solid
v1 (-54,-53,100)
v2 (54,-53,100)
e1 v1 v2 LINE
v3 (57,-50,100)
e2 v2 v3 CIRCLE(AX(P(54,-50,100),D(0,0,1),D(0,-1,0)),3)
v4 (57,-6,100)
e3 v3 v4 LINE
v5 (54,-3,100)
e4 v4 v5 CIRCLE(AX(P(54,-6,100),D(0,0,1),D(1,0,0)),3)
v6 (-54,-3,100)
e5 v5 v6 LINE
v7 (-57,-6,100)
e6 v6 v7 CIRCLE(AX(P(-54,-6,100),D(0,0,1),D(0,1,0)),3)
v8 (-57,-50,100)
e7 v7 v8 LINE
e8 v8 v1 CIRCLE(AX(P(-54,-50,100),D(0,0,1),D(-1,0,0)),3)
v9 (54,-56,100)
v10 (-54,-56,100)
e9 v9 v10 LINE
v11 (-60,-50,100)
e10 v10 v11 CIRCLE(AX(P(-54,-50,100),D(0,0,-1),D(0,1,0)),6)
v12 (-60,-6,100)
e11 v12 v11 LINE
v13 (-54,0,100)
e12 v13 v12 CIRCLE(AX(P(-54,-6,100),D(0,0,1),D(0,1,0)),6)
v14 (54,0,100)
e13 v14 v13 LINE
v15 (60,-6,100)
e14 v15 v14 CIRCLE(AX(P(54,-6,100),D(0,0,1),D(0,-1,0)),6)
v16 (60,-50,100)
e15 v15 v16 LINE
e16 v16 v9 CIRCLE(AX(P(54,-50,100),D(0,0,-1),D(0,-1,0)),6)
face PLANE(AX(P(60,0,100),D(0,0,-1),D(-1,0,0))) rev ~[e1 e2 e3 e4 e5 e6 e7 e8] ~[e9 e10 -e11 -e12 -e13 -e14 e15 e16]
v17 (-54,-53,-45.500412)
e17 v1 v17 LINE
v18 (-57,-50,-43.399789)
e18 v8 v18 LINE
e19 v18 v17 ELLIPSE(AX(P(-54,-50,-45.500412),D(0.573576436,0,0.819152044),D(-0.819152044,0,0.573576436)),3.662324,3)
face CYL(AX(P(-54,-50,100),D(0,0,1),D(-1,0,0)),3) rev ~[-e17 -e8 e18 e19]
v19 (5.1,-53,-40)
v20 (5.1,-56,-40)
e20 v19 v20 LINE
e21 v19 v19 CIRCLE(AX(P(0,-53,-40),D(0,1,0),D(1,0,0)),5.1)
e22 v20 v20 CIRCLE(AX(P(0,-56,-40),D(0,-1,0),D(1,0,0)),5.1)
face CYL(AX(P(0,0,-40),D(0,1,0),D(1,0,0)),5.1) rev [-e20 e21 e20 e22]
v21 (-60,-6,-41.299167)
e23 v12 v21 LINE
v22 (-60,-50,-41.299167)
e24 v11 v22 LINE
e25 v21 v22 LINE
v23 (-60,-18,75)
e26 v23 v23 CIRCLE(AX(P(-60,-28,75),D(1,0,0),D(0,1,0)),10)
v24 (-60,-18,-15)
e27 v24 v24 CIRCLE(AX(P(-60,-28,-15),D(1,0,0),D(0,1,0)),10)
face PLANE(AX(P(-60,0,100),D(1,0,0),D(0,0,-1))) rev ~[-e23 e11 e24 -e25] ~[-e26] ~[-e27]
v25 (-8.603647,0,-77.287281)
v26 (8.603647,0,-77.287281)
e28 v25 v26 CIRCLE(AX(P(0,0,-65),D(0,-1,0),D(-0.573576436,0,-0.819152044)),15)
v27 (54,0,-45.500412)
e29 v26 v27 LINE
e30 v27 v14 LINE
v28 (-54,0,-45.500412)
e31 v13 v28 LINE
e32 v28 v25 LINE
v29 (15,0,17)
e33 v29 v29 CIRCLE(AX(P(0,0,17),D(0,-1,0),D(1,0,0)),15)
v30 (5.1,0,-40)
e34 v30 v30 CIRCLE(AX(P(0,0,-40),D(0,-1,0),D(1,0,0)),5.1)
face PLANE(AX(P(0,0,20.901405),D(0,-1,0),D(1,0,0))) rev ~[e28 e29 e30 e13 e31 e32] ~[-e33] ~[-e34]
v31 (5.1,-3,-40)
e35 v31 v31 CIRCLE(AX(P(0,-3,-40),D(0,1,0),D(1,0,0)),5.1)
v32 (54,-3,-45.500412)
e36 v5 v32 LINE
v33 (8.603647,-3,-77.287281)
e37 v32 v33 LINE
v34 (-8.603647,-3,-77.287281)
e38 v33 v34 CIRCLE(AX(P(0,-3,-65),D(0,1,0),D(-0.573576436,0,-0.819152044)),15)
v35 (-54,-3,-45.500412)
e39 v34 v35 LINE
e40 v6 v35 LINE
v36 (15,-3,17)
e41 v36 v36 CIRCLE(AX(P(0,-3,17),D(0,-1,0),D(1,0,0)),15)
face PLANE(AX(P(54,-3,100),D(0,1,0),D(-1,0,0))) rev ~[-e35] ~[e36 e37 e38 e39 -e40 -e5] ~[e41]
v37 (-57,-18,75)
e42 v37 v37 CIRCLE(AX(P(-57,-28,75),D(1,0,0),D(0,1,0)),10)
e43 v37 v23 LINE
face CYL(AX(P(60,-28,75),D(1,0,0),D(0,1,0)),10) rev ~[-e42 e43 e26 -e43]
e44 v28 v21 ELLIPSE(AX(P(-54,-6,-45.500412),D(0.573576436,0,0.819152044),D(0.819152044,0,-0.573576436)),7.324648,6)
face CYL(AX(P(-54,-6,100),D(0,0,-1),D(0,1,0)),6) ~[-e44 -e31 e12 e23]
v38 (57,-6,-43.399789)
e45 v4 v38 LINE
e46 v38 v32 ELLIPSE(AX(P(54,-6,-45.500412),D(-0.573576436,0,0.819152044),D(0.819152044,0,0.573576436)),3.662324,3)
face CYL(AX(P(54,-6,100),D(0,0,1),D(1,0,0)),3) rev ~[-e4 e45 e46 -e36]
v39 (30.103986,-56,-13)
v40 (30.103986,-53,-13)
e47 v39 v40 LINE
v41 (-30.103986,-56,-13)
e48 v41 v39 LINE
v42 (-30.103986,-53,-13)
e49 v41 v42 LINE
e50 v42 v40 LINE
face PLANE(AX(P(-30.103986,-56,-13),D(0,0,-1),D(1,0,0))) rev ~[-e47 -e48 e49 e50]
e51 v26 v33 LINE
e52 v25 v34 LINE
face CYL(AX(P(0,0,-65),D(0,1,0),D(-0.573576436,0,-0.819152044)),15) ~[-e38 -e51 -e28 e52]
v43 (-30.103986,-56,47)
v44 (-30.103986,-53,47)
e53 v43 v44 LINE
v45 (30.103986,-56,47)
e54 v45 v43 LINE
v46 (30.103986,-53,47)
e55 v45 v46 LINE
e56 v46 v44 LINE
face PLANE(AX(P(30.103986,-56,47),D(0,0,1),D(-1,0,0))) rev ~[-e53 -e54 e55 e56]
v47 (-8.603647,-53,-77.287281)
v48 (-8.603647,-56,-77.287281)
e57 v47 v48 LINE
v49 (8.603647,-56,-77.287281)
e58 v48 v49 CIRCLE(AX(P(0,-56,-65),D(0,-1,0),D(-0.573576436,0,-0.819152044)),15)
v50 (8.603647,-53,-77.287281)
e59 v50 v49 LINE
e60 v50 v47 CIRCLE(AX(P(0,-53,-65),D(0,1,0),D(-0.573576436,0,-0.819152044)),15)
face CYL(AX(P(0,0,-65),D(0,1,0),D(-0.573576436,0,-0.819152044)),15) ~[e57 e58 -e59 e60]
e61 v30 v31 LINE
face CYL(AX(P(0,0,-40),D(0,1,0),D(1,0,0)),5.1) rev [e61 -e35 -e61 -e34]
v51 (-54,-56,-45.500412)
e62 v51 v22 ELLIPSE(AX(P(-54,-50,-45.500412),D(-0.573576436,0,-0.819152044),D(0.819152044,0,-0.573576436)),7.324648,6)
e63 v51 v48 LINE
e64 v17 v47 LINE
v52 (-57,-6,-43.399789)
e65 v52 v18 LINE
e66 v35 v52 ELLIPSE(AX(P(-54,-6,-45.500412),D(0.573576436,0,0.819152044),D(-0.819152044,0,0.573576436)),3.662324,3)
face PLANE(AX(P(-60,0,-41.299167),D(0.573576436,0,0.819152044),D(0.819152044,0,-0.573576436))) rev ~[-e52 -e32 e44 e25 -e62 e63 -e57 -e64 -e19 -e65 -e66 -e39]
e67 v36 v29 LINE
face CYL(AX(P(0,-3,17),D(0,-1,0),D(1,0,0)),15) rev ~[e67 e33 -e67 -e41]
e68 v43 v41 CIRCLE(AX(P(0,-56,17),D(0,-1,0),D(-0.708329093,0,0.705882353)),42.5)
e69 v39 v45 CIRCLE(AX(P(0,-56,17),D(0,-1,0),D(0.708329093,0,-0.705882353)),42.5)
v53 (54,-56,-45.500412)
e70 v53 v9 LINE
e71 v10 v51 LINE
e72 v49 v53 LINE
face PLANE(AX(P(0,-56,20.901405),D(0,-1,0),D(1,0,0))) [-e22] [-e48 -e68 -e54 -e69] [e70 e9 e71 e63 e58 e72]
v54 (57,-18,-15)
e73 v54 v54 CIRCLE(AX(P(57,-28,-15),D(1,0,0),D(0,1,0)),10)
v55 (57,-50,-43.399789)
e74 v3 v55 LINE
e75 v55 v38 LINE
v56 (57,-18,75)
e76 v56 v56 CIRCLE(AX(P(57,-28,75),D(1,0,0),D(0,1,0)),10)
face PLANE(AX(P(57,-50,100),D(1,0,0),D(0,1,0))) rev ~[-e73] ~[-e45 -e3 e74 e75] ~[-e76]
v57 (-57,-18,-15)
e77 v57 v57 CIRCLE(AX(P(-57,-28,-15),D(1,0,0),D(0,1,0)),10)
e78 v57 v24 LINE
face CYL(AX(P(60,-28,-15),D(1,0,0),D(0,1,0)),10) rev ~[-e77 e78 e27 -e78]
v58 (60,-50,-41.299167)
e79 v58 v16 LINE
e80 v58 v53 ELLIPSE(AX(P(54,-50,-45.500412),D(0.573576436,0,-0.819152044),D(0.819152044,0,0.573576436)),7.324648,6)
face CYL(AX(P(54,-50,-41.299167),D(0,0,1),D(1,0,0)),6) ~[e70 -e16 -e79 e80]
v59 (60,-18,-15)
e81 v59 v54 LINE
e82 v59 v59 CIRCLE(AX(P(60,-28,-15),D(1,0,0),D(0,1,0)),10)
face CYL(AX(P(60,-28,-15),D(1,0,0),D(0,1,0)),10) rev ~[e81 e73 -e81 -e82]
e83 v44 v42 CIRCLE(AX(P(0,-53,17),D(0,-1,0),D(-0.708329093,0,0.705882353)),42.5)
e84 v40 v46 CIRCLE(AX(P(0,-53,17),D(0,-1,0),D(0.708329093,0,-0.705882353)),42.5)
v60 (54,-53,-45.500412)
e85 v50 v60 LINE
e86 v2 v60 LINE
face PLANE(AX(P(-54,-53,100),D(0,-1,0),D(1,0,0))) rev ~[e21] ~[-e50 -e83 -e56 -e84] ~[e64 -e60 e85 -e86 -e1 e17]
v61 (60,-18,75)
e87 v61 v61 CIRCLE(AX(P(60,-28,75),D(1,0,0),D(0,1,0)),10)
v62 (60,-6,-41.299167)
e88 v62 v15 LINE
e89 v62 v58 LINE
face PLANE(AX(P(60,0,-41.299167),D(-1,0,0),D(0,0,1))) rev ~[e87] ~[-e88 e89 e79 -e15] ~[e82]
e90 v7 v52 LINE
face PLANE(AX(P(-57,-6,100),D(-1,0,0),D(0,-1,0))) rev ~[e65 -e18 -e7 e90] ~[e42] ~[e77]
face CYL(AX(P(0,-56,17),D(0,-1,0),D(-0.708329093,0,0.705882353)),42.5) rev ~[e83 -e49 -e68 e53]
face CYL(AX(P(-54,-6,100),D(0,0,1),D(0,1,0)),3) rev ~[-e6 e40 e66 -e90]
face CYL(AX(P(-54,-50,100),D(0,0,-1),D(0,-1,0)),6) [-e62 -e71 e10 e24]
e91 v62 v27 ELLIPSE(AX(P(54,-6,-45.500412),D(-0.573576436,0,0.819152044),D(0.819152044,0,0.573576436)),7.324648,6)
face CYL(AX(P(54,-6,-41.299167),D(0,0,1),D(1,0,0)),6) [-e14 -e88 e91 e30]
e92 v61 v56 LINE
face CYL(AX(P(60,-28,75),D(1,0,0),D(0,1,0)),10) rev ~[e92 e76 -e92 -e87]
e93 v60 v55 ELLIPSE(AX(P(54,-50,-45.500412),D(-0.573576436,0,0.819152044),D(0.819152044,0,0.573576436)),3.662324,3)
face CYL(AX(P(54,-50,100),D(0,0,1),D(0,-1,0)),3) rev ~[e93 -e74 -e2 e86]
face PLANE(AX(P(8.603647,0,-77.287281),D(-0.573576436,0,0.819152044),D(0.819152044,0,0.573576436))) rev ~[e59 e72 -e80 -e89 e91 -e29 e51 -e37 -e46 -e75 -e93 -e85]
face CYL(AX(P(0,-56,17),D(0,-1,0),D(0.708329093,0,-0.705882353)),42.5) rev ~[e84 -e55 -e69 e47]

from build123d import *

# Parameters (mm, degrees)
F0_R     = 5.1
F1_DEPTH = 56
F3_DEPTH = 180.001
F5_DEPTH = 3
F6_R     = 15
F7_DEPTH = 25
F8_R     = 10
F9_DEPTH = 120.001
F10_R    = 6


with BuildPart() as f1:
    # F0 (on Front) → F1 (new body)
    with BuildSketch(Plane.XZ):
        with BuildLine():
            Line((60, 100), (-60, 100))
            Line((-60, 100), (-60, -41.2991665388))
            Line((-60, -41.2991665388), (-8.6036465453, -77.2872806643))
            ThreePointArc((-8.6036465453, -77.2872806643), (0, -80), (8.6036465453, -77.2872806643))
            Line((8.6036465453, -77.2872806643), (60, -41.2991665388))
            Line((60, -41.2991665388), (60, 100))
        make_face()
        with Locations((0, -40)):
            Circle(F0_R, mode=Mode.SUBTRACT)
    extrude(amount=F1_DEPTH)

    # F2 (on face) → F3 (cut, through all)
    with BuildSketch(Plane.XY.offset(100)):
        with BuildLine():
            Line((54, -3), (-54, -3))
            ThreePointArc((-54, -3), (-56.1213203436, -3.8786796564), (-57, -6))
            Line((-57, -6), (-57, -50))
            ThreePointArc((-57, -50), (-56.1213203436, -52.1213203436), (-54, -53))
            Line((-54, -53), (54, -53))
            ThreePointArc((54, -53), (56.1213203436, -52.1213203436), (57, -50))
            Line((57, -50), (57, -6))
            ThreePointArc((57, -6), (56.1213203436, -3.8786796564), (54, -3))
        make_face()
    extrude(amount=-F3_DEPTH, mode=Mode.SUBTRACT)

    # F4 (on face) → F5 (cut, through all)
    with BuildSketch(Plane.XZ.offset(56)):
        with BuildLine():
            Line((30.103986447, 47), (-30.103986447, 47))
            ThreePointArc((-30.103986447, 47), (-42.5, 17), (-30.103986447, -13))
            Line((-30.103986447, -13), (30.103986447, -13))
            ThreePointArc((30.103986447, -13), (42.5, 17), (30.103986447, 47))
        make_face()
    extrude(amount=-F5_DEPTH, mode=Mode.SUBTRACT)

    # F6 (on face) → F7 (cut)
    with BuildSketch(Plane.XZ.offset(3)):
        with Locations((0, 17.0000000293)):
            Circle(F6_R)
    extrude(amount=-F7_DEPTH, mode=Mode.SUBTRACT)

    # F8 (on face) → F9 (cut, through all)
    with BuildSketch(Plane.YZ.offset(60)):
        with Locations((-28, 75)):
            Circle(F8_R)
        with Locations((-28, -15)):
            Circle(F8_R)
    extrude(amount=-F9_DEPTH, mode=Mode.SUBTRACT)

    # F10
    f10_edges = [f1.edges().sort_by_distance(p)[0] for p in [
        (-60, -56, 29.350417),
        (60, -56, 29.350417),
        (-60, 0, 29.350417),
        (60, 0, 29.350417),
    ]]
    fillet(f10_edges, radius=F10_R)


solid = f1.part
